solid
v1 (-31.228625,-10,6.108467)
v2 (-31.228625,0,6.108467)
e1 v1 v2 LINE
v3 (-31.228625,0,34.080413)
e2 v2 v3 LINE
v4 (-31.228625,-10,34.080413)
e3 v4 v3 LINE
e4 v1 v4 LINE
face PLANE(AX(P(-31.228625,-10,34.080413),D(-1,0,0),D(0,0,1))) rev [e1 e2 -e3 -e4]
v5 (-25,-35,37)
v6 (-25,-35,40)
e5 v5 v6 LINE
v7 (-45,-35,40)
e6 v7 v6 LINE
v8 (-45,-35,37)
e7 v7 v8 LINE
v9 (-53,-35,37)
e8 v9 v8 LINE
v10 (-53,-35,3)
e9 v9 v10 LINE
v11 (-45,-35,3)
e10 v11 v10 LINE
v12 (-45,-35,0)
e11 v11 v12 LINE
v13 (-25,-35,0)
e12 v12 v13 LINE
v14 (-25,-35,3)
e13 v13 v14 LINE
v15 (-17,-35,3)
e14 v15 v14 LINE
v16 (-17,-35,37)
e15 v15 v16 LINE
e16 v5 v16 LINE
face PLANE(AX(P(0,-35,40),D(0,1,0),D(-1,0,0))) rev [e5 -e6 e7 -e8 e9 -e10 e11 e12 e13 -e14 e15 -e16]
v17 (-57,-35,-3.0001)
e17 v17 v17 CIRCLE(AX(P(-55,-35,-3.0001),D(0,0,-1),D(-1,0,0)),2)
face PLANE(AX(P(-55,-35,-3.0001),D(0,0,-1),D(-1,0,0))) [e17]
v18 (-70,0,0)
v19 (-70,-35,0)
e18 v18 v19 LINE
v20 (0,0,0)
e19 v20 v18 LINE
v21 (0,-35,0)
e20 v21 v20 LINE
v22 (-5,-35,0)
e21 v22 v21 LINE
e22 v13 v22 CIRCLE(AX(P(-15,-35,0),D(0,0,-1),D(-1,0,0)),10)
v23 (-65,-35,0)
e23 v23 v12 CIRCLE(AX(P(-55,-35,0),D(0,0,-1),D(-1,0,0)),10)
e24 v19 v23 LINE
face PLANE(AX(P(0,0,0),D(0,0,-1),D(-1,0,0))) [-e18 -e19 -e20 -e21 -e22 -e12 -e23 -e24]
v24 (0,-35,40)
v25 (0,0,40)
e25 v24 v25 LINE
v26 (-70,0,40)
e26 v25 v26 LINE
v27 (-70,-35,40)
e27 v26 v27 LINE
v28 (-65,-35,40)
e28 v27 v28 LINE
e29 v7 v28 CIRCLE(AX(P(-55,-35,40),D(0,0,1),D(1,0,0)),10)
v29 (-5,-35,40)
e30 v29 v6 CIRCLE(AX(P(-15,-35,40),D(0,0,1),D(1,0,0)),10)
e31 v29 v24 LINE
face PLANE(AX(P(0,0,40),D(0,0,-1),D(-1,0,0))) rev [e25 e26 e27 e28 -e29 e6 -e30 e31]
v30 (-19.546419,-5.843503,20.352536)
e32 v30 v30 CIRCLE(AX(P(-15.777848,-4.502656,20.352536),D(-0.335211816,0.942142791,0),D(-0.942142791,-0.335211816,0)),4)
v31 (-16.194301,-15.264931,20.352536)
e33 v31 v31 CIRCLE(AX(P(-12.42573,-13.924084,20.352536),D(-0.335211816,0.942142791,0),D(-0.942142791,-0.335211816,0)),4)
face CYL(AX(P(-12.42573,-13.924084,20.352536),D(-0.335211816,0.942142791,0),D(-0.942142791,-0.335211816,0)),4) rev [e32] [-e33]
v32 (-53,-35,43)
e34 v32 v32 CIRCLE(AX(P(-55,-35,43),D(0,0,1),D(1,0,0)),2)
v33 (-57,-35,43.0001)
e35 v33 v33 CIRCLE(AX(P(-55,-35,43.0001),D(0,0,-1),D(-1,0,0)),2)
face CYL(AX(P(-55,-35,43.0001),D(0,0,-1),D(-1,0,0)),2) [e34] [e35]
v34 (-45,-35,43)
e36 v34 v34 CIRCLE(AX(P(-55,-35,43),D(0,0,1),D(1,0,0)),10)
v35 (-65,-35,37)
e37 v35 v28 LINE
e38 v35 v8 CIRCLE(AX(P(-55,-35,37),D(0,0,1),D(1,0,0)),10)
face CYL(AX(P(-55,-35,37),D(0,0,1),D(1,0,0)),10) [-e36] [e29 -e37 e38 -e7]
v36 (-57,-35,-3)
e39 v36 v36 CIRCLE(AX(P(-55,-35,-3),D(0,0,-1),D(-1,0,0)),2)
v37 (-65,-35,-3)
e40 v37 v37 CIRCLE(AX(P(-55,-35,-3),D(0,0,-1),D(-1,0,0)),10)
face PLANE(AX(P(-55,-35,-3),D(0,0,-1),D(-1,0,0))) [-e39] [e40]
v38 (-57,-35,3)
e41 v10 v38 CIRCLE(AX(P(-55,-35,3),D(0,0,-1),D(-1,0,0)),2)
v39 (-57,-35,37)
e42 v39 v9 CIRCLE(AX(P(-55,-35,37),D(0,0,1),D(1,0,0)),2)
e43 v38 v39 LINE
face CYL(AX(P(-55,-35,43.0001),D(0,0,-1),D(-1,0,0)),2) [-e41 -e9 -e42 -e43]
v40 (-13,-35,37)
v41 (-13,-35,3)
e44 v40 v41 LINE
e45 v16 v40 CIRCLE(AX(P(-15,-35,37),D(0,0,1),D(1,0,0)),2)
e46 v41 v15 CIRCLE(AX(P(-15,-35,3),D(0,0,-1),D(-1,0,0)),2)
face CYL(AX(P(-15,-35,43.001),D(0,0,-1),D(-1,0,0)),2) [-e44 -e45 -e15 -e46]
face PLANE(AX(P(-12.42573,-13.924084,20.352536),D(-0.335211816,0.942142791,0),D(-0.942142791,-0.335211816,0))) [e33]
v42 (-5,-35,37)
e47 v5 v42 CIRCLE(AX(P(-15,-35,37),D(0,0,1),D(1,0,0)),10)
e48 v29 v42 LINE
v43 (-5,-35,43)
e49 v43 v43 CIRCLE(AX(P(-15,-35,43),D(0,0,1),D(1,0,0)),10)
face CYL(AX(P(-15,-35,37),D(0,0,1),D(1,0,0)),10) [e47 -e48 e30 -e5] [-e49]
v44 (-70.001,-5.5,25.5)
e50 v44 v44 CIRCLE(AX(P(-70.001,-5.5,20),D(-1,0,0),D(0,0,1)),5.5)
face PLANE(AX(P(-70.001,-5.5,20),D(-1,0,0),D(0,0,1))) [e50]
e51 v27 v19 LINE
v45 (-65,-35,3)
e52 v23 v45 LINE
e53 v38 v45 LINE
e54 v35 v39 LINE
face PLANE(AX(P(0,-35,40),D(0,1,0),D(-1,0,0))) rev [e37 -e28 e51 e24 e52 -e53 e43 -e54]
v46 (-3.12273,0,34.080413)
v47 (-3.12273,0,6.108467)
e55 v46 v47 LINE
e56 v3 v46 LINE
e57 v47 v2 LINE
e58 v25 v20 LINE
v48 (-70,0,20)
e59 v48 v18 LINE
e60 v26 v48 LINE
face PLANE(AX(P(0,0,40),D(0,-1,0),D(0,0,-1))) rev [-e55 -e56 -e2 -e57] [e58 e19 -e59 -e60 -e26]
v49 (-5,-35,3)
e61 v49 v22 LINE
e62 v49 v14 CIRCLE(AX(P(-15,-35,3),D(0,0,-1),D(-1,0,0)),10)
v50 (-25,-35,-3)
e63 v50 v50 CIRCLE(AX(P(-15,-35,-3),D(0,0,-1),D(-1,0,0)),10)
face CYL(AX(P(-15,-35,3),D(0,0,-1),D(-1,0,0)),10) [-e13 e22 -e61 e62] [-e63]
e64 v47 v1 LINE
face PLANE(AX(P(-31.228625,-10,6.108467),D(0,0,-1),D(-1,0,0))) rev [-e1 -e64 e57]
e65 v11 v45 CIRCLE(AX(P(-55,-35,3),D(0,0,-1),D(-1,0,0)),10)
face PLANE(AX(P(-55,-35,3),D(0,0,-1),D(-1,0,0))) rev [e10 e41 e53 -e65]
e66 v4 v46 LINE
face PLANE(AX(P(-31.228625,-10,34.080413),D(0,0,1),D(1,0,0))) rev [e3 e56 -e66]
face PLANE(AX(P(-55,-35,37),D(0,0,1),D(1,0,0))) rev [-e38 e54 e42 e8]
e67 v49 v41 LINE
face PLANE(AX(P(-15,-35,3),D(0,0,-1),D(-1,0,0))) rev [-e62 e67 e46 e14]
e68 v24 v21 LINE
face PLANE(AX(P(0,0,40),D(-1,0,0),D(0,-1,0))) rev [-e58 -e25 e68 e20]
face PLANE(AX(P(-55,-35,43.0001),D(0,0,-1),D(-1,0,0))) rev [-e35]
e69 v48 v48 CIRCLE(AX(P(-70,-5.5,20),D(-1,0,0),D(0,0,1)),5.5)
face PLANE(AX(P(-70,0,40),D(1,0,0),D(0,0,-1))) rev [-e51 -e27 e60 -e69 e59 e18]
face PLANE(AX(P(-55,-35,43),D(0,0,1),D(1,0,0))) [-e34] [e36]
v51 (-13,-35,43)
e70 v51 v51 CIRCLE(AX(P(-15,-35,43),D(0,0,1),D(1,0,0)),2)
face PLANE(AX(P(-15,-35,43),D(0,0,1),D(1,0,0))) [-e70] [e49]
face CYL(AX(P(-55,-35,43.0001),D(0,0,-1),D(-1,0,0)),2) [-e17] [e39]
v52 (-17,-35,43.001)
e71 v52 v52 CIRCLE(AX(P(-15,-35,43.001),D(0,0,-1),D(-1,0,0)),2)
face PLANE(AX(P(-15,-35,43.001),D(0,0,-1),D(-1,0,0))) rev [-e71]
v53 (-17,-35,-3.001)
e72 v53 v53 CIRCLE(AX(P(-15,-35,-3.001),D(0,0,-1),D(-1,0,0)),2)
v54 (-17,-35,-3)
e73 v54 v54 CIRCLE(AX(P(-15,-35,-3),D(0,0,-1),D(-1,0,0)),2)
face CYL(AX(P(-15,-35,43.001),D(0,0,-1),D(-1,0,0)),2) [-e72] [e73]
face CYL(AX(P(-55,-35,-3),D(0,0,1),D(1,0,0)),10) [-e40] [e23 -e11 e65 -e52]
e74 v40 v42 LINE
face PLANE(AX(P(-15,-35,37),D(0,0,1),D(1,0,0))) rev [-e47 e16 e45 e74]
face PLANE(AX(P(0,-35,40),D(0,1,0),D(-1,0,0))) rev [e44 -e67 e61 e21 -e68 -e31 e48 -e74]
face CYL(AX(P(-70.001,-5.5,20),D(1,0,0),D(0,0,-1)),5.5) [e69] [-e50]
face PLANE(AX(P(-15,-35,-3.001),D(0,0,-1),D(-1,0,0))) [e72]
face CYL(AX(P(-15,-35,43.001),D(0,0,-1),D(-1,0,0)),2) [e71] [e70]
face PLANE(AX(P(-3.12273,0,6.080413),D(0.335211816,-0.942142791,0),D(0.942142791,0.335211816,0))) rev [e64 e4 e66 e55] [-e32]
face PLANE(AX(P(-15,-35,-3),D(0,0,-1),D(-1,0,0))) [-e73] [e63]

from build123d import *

# Parameters (mm, degrees)
SKETCH2_W                 = 70
SKETCH2_H                 = 35
BOSS_EXTRUDE2_DEPTH       = 40
SKETCH3_W                 = 28.105894453
SKETCH3_H                 = 27.971945797
CUT_EXTRUDE1_DEPTH        = 10
SKETCH4_R                 = 10
CUT_EXTRUDE2_DEPTH        = 3
SKETCH5_R                 = 10
CUT_EXTRUDE3_DEPTH        = 3
SKETCH6_R                 = 10
BOSS_EXTRUDE3_DEPTH       = 3
BOSS_EXTRUDE3_DEPTH_BACK  = 3
SKETCH7_R                 = 10
BOSS_EXTRUDE5_DEPTH       = 6
SKETCH8_R                 = 2
CUT_EXTRUDE5_DEPTH        = 46
SKETCH9_R                 = 2
BOSS_EXTRUDE8_DEPTH       = 0.0001
BOSS_EXTRUDE8_DEPTH_BACK  = 46.0001
SKETCH10_R                = 10
BOSS_EXTRUDE9_DEPTH       = 3
BOSS_EXTRUDE9_DEPTH_BACK  = 3
SKETCH11_R                = 10
BOSS_EXTRUDE10_DEPTH      = 3
BOSS_EXTRUDE10_DEPTH_BACK = 3
SKETCH12_R                = 2
CUT_EXTRUDE6_DEPTH        = 46
SKETCH13_R                = 2
BOSS_EXTRUDE11_DEPTH      = 0.001
BOSS_EXTRUDE11_DEPTH_BACK = 46.001
BOSS_EXTRUDE12_DEPTH      = 28
SKETCH18_R                = 4
CUT_EXTRUDE11_DEPTH       = 10
SKETCH19_R                = 5.5
BOSS_EXTRUDE13_DEPTH      = 0.001


with BuildPart() as part:
    # Sketch2 → Boss-Extrude2 (new body)
    with BuildSketch(Plane.XY):
        with Locations((-35, -17.5)):
            Rectangle(SKETCH2_W, SKETCH2_H)
    extrude(amount=BOSS_EXTRUDE2_DEPTH)

    # Sketch3 → Cut-Extrude1 (cut)
    with BuildSketch(Plane(origin=(0, 0, 0), x_dir=(1, 0, 0), z_dir=(0, 1, 0))):
        with Locations((-17.175677586, -20.094439992)):
            Rectangle(SKETCH3_W, SKETCH3_H)
    extrude(amount=-CUT_EXTRUDE1_DEPTH, mode=Mode.SUBTRACT)

    # Sketch4 → Cut-Extrude2 (cut)
    with BuildSketch(Plane.XY.offset(40)):
        with Locations((-15, -35)):
            Circle(SKETCH4_R)
        with Locations((-55, -35)):
            Circle(SKETCH4_R)
    extrude(amount=-CUT_EXTRUDE2_DEPTH, mode=Mode.SUBTRACT)

    # Sketch5 → Cut-Extrude3 (cut)
    with BuildSketch(Plane(origin=(0, 0, 0), x_dir=(-1, 0, 0), z_dir=(0, 0, -1))):
        with Locations((15, -35)):
            Circle(SKETCH5_R)
        with Locations((55, -35)):
            Circle(SKETCH5_R)
    extrude(amount=-CUT_EXTRUDE3_DEPTH, mode=Mode.SUBTRACT)

    # Sketch6 → Boss-Extrude3 (add, two sides)
    with BuildSketch(Plane.XY.offset(40)) as boss_extrude3_sk:
        with Locations((-55, -35)):
            Circle(SKETCH6_R)
    extrude(amount=BOSS_EXTRUDE3_DEPTH)
    extrude(boss_extrude3_sk.sketch, amount=-BOSS_EXTRUDE3_DEPTH_BACK)

    # Sketch7 → Boss-Extrude5 (add)
    with BuildSketch(Plane(origin=(0, 0, 3), x_dir=(-1, 0, 0), z_dir=(0, 0, -1))):
        with Locations((55, -35)):
            Circle(SKETCH7_R)
    extrude(amount=BOSS_EXTRUDE5_DEPTH)

    # Sketch8 → Cut-Extrude5 (cut)
    with BuildSketch(Plane(origin=(0, 0, -3), x_dir=(-1, 0, 0), z_dir=(0, 0, -1))):
        with Locations((55, -35)):
            Circle(SKETCH8_R)
    extrude(amount=-CUT_EXTRUDE5_DEPTH, mode=Mode.SUBTRACT)

    # Sketch9 → Boss-Extrude8 (add, two sides)
    with BuildSketch(Plane(origin=(0, 0, -3), x_dir=(-1, 0, 0), z_dir=(0, 0, -1))) as boss_extrude8_sk:
        with Locations((55, -35)):
            Circle(SKETCH9_R)
    extrude(amount=BOSS_EXTRUDE8_DEPTH)
    extrude(boss_extrude8_sk.sketch, amount=-BOSS_EXTRUDE8_DEPTH_BACK)

    # Sketch10 → Boss-Extrude9 (add, two sides)
    with BuildSketch(Plane.XY.offset(40)) as boss_extrude9_sk:
        with Locations((-15, -35)):
            Circle(SKETCH10_R)
    extrude(amount=BOSS_EXTRUDE9_DEPTH)
    extrude(boss_extrude9_sk.sketch, amount=-BOSS_EXTRUDE9_DEPTH_BACK)

    # Sketch11 → Boss-Extrude10 (add, two sides)
    with BuildSketch(Plane(origin=(0, 0, 0), x_dir=(-1, 0, 0), z_dir=(0, 0, -1))) as boss_extrude10_sk:
        with Locations((15, -35)):
            Circle(SKETCH11_R)
    extrude(amount=BOSS_EXTRUDE10_DEPTH)
    extrude(boss_extrude10_sk.sketch, amount=-BOSS_EXTRUDE10_DEPTH_BACK)

    # Sketch12 → Cut-Extrude6 (cut)
    with BuildSketch(Plane(origin=(0, 0, -3), x_dir=(-1, 0, 0), z_dir=(0, 0, -1))):
        with Locations((15, -35)):
            Circle(SKETCH12_R)
    extrude(amount=-CUT_EXTRUDE6_DEPTH, mode=Mode.SUBTRACT)

    # Sketch13 → Boss-Extrude11 (add, two sides)
    with BuildSketch(Plane(origin=(0, 0, -3), x_dir=(-1, 0, 0), z_dir=(0, 0, -1))) as boss_extrude11_sk:
        with Locations((15, -35)):
            Circle(SKETCH13_R)
    extrude(amount=BOSS_EXTRUDE11_DEPTH)
    extrude(boss_extrude11_sk.sketch, amount=-BOSS_EXTRUDE11_DEPTH_BACK)

    # Sketch14 → Boss-Extrude12 (add)
    with BuildSketch(Plane(origin=(0, 0, 34.080412891), x_dir=(-1, 0, 0), z_dir=(0, 0, -1))):
        Polygon((3.122730359, 0), (31.228624812, -10), (3.122730359, -10), align=None)
    extrude(amount=BOSS_EXTRUDE12_DEPTH)

    # Sketch18 → Cut-Extrude11 (cut)
    with BuildSketch(Plane(origin=(-0.350891722, 0.986212569, 0), x_dir=(0.942142791, 0.335211816, 0), z_dir=(-0.335211816, 0.942142791, 0))):
        with Locations((-16.374329601, -20.352535637)):
            Circle(SKETCH18_R)
    extrude(amount=-CUT_EXTRUDE11_DEPTH, mode=Mode.SUBTRACT)

    # Sketch19 → Boss-Extrude13 (add)
    with BuildSketch(Plane.ZY.offset(70)):
        with Locations((20, -5.5)):
            Circle(SKETCH19_R)
    extrude(amount=BOSS_EXTRUDE13_DEPTH)


solid = part.part
